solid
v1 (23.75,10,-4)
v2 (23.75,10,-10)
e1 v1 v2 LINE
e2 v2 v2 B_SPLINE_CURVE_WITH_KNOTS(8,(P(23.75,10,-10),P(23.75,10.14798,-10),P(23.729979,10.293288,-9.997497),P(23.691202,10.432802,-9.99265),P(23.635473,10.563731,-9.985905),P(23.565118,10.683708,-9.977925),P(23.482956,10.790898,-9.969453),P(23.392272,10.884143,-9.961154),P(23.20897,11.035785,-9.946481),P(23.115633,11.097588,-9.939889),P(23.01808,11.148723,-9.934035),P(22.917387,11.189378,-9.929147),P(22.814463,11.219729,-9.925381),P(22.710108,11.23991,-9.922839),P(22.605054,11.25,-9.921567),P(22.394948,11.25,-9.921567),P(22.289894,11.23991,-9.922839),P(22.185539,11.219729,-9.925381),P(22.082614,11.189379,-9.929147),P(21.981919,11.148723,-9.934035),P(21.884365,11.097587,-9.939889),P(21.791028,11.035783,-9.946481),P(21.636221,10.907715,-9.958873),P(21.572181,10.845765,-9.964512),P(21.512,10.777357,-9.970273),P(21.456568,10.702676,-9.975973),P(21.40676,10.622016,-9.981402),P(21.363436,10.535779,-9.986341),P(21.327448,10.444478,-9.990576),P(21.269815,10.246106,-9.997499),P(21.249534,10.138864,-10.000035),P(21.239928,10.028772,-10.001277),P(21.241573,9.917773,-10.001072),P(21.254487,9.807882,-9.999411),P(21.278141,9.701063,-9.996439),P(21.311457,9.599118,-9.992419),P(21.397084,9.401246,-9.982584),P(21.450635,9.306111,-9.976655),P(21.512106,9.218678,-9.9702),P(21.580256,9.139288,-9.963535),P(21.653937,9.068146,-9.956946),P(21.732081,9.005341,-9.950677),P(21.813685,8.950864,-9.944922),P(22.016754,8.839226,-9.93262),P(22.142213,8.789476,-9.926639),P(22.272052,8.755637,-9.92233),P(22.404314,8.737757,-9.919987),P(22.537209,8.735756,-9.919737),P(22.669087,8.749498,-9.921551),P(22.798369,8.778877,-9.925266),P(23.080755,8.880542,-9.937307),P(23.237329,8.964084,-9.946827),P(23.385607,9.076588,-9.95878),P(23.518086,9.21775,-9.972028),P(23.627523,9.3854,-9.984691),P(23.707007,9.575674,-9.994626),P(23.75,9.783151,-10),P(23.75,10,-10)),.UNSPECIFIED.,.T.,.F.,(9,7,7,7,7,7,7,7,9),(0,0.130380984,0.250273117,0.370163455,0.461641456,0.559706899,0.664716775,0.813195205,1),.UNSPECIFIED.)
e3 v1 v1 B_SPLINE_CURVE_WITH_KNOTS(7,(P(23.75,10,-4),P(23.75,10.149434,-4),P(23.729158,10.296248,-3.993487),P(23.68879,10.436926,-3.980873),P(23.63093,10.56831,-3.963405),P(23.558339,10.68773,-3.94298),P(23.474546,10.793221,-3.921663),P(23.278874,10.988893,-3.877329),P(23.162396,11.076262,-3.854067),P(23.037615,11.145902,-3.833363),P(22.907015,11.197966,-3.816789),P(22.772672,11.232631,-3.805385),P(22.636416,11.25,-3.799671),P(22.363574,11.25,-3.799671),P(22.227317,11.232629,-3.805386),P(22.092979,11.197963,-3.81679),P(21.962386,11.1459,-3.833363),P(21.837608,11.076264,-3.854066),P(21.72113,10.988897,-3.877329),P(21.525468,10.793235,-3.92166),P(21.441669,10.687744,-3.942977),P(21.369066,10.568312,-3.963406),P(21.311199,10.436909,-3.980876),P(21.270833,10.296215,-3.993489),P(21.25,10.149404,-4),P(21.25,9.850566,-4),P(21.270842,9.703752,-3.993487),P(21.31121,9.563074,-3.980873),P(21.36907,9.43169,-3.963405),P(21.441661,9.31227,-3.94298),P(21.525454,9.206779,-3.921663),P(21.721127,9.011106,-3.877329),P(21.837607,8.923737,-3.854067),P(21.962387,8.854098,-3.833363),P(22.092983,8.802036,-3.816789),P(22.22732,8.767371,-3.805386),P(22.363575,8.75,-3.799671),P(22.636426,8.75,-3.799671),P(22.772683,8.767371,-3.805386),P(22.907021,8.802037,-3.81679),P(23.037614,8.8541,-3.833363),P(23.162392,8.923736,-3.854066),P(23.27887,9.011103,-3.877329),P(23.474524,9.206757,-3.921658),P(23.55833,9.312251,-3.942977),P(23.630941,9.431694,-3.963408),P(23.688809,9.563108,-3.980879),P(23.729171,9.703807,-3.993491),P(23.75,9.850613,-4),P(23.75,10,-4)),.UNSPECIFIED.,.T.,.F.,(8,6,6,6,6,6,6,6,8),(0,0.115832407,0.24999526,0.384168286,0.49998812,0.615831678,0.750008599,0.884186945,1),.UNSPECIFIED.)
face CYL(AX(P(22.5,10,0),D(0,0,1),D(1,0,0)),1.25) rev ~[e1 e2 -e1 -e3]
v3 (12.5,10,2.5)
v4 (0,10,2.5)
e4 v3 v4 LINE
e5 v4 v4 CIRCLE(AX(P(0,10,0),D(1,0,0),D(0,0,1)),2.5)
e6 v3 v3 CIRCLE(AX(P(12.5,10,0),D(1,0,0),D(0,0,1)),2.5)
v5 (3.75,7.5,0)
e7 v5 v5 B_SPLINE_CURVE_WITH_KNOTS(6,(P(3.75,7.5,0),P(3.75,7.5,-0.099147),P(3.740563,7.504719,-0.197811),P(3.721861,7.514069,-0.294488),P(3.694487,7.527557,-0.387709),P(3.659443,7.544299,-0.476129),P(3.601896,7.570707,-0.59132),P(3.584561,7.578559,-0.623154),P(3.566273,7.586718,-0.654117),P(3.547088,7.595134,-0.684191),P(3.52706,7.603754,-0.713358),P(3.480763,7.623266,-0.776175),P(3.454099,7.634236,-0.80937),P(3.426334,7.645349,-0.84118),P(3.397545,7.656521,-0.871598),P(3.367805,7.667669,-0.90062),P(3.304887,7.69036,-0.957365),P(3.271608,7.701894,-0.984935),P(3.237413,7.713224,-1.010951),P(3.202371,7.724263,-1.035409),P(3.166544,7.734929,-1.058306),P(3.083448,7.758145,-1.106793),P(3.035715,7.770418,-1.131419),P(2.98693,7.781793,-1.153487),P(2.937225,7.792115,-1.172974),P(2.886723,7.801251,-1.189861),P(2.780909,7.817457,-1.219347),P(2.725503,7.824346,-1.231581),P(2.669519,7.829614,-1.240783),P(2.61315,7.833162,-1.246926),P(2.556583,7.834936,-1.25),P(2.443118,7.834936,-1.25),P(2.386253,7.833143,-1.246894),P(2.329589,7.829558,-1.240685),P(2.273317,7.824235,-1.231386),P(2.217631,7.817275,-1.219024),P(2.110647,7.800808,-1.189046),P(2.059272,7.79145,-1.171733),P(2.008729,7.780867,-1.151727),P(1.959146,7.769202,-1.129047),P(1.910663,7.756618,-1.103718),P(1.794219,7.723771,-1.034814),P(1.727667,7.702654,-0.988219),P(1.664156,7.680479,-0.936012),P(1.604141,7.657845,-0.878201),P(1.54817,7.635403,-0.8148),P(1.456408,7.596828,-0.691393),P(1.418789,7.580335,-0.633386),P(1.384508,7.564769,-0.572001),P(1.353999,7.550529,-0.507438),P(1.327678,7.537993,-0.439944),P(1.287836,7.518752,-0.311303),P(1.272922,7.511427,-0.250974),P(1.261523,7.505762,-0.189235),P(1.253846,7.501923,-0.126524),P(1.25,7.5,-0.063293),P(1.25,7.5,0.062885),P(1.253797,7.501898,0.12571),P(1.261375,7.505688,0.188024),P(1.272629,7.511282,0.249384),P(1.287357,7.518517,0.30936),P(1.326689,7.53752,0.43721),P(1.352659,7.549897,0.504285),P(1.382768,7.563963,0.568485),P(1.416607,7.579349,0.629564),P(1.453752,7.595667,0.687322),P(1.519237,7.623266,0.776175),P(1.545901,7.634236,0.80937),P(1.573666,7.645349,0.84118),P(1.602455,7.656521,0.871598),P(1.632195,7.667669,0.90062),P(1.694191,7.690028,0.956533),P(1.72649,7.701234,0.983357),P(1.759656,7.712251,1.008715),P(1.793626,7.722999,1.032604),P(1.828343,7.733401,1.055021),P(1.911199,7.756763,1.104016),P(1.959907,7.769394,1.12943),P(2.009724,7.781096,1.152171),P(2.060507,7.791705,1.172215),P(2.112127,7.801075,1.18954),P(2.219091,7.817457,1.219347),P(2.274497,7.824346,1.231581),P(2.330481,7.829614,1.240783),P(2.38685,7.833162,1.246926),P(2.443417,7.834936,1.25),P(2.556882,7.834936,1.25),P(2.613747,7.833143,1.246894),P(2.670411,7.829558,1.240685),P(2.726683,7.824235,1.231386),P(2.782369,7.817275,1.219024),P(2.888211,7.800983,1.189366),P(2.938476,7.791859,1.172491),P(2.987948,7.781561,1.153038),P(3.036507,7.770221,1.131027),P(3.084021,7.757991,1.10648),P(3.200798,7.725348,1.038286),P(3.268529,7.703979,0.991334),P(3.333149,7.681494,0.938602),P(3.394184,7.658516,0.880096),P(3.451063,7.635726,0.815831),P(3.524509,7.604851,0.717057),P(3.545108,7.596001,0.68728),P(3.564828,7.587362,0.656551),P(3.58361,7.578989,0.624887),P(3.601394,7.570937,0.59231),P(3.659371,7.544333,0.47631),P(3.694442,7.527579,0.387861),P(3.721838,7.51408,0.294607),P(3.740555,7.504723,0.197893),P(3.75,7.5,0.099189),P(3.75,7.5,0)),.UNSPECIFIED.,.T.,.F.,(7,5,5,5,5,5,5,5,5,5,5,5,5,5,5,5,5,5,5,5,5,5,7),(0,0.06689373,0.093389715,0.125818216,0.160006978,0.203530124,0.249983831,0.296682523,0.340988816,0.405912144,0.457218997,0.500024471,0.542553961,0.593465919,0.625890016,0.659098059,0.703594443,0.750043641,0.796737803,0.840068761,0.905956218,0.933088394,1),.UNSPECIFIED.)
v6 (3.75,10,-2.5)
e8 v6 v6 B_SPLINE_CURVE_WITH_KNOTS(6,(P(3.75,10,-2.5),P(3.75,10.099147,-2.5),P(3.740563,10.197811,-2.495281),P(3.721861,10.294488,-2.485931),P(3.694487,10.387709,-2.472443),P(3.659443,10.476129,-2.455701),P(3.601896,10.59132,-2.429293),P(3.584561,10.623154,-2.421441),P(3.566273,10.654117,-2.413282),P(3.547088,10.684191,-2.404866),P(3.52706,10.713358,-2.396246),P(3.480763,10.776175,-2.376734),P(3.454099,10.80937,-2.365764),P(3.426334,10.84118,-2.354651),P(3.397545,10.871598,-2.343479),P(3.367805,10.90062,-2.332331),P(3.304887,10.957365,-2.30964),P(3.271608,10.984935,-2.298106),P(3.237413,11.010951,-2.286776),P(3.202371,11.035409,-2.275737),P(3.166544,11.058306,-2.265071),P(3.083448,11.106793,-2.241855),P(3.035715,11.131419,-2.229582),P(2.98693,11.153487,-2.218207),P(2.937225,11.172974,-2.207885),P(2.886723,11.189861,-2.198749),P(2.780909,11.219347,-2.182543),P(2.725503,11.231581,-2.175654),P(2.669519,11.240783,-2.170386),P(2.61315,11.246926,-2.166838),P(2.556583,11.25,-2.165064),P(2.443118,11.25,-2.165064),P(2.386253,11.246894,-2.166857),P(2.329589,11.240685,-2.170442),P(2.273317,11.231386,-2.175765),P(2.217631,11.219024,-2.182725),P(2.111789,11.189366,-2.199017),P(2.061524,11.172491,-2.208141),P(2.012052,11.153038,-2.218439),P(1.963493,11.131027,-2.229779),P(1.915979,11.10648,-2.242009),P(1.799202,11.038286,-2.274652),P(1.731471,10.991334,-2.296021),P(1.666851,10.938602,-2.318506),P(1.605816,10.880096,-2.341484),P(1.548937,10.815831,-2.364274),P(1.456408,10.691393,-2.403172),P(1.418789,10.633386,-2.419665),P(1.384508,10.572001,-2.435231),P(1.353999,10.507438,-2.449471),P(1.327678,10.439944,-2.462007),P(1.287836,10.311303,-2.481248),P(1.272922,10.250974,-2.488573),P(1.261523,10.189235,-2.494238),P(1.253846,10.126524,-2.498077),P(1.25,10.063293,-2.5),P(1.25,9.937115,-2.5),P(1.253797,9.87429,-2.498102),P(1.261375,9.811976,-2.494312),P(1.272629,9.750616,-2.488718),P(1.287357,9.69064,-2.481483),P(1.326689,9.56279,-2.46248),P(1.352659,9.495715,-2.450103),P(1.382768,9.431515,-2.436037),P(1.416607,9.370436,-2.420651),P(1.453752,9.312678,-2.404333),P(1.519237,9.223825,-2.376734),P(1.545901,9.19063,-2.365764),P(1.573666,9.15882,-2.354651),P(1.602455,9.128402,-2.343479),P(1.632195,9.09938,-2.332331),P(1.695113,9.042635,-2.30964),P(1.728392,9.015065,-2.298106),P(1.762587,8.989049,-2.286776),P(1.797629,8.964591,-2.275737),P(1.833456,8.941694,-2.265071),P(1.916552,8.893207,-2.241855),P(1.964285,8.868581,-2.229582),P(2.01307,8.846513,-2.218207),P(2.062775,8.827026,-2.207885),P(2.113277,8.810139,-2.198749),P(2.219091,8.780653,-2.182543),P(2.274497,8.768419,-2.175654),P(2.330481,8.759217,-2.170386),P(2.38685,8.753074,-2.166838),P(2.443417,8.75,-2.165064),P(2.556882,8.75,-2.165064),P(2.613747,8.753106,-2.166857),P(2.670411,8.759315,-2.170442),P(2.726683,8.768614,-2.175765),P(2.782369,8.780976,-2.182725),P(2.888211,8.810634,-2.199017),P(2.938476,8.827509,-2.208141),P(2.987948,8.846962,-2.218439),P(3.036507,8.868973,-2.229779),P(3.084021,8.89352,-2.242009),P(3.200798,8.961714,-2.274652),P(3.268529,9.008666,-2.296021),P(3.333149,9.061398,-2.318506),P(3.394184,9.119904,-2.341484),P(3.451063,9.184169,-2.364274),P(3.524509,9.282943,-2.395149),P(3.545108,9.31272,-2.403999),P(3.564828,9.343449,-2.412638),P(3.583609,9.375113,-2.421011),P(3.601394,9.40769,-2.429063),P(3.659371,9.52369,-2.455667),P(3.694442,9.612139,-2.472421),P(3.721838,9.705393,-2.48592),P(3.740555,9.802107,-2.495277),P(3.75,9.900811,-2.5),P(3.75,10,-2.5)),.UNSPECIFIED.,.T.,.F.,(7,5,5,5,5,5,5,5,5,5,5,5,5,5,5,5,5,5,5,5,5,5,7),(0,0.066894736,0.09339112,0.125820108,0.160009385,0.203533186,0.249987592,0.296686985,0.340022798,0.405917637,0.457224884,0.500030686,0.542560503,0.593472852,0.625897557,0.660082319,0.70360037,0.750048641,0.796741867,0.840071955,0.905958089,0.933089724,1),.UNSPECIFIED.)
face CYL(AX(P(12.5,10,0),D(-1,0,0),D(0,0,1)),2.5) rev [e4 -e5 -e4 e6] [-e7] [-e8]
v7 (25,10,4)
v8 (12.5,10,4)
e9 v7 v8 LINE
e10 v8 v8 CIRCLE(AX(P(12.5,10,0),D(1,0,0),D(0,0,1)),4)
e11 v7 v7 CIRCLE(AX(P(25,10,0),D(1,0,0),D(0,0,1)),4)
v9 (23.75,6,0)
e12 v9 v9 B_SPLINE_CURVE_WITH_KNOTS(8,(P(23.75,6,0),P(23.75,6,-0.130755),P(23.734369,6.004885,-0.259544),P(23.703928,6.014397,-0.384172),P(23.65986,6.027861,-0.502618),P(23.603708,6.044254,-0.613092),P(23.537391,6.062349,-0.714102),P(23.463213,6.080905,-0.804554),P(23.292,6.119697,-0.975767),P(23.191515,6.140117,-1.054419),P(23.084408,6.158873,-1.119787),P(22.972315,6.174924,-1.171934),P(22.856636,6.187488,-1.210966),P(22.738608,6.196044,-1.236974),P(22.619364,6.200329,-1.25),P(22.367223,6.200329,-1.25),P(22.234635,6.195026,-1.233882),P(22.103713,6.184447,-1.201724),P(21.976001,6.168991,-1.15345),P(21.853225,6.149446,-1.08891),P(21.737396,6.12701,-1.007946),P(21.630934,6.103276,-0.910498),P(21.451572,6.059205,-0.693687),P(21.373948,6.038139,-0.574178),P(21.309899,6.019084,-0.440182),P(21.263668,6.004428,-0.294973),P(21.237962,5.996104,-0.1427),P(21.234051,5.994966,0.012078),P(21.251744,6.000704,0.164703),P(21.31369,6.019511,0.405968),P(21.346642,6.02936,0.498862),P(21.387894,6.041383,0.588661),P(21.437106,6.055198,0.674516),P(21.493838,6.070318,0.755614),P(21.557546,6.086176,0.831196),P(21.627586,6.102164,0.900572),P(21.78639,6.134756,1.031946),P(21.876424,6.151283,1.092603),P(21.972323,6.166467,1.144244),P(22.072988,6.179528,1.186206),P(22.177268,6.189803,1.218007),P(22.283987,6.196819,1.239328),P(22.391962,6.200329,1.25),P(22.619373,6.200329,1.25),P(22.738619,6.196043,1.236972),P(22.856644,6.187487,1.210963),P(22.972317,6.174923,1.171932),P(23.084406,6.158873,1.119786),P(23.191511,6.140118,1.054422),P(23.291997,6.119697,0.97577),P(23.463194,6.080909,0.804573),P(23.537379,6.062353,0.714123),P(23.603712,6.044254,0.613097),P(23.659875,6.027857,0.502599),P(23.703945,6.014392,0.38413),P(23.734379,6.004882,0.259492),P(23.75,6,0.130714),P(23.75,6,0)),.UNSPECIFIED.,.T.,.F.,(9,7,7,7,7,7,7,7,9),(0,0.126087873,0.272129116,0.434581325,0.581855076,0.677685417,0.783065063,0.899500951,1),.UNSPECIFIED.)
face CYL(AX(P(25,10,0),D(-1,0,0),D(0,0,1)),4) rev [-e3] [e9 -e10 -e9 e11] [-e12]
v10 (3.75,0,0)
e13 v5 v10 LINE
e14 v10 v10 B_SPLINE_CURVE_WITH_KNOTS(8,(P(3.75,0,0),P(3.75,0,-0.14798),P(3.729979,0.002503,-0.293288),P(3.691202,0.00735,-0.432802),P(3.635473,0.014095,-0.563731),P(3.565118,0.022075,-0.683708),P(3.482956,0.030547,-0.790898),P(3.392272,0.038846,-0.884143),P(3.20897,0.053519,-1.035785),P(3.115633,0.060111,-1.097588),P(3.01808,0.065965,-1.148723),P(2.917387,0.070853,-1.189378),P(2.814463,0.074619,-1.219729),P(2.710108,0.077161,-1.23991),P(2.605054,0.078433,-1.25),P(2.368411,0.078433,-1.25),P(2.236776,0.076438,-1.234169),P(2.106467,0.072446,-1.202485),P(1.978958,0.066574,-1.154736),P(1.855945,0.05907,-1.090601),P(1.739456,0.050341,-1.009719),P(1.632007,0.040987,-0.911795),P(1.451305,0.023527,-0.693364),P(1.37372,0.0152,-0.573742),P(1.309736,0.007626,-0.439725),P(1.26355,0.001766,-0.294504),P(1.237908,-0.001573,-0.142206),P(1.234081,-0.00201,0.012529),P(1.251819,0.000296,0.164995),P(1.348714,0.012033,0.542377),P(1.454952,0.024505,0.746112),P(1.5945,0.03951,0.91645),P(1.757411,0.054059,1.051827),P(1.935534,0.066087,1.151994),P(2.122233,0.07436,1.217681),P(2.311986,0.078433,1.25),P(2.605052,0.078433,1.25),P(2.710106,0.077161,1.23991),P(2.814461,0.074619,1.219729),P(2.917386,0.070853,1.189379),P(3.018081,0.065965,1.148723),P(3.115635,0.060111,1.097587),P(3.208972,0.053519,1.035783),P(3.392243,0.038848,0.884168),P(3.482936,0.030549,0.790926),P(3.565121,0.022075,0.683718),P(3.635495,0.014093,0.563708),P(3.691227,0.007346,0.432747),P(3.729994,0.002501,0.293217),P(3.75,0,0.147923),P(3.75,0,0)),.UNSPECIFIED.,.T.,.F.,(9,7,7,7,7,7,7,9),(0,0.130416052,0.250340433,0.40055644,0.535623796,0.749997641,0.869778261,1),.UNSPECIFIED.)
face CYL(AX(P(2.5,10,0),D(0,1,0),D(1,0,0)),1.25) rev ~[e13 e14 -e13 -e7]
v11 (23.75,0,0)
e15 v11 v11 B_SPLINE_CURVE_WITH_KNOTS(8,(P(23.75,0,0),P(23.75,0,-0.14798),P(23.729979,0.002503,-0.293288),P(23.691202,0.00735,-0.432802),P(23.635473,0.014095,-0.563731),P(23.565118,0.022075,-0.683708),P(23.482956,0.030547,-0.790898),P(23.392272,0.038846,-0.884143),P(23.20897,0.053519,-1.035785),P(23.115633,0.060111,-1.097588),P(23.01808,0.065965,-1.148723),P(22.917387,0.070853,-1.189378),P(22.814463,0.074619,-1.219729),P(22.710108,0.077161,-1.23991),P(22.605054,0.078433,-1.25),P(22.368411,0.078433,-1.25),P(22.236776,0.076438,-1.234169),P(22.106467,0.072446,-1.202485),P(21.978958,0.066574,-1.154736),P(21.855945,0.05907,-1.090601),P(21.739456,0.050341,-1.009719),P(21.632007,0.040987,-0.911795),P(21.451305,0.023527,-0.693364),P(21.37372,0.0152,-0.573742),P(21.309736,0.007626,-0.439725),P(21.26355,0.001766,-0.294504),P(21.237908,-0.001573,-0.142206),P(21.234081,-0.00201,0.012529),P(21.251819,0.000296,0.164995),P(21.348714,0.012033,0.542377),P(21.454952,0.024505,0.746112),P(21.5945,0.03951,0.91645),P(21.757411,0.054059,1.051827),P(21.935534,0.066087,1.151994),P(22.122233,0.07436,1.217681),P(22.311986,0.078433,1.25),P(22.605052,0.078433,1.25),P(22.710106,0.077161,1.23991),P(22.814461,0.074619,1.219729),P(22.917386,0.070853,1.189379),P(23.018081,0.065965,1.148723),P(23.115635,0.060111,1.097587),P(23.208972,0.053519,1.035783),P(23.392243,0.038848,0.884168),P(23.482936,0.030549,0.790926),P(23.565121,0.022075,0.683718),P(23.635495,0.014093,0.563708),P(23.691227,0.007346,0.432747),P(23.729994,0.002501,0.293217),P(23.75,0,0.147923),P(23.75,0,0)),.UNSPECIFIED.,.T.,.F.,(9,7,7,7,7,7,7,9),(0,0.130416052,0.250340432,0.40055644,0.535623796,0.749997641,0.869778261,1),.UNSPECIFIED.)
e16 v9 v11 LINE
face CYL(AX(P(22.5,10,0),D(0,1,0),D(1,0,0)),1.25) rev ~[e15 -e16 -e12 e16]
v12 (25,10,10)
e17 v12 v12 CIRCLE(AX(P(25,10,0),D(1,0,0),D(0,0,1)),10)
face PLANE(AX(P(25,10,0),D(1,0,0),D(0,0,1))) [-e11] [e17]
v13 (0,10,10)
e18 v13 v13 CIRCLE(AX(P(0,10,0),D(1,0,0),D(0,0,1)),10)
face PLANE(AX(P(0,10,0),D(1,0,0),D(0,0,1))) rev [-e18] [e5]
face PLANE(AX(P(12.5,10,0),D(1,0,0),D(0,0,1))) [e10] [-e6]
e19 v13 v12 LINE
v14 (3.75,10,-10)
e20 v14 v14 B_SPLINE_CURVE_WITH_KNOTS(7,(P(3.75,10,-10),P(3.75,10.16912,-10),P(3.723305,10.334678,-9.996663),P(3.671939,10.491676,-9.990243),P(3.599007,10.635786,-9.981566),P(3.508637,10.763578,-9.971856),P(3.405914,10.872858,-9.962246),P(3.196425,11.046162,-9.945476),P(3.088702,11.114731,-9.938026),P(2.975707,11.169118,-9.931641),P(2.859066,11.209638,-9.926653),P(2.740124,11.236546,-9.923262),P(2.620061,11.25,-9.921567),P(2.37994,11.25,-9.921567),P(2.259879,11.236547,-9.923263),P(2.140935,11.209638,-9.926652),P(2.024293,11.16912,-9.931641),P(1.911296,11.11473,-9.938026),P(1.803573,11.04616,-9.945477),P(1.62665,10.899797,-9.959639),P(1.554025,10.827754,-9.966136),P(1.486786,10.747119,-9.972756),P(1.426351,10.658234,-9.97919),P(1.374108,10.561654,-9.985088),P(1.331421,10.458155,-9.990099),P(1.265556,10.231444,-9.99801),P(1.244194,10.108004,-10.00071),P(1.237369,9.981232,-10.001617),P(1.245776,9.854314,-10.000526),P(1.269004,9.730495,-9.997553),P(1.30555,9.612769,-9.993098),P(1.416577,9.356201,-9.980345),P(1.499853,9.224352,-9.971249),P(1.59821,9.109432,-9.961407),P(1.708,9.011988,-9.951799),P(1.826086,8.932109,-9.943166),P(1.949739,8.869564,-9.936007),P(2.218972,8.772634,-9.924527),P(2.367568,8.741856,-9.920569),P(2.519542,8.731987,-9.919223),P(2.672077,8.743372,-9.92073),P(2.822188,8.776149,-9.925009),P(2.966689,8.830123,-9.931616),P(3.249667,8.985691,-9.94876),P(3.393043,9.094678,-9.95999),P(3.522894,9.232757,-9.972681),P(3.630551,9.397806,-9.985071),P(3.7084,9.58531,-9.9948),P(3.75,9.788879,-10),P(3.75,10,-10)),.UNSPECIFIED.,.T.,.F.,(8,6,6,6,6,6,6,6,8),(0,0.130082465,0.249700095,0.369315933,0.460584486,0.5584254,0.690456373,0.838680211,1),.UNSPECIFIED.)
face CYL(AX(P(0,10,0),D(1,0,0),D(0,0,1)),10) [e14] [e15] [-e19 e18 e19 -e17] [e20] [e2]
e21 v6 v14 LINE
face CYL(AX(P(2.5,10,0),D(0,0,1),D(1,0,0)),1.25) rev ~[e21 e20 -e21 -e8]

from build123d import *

# Parameters (mm, degrees)
SKETCH2_R          = 1.25
CUT_EXTRUDE1_DEPTH = 10
CIRPATTERN1_COUNT  = 2
CIRPATTERN1_ANGLE  = 270


with BuildPart() as part:
    # Sketch1 → Revolve1 (revolve)
    with BuildSketch(Plane.XY, mode=Mode.PRIVATE) as revolve1_sk:
        Polygon((0, 0), (25, 0), (25, 6), (12.5, 6), (12.5, 7.5), (0, 7.5), align=None)
    revolve(revolve1_sk.sketch.rotate(Axis((0, 10, 0), (1, 0, 0)), 270), axis=Axis((0, 10, 0), (1, 0, 0)))

    # Sketch2 → Cut-Extrude1 (cut)
    with BuildSketch(Plane.XY):
        with Locations((22.5, 10)):
            Circle(SKETCH2_R)
        with Locations((2.5, 10)):
            Circle(SKETCH2_R)
    cut_extrude1 = extrude(amount=-CUT_EXTRUDE1_DEPTH, mode=Mode.SUBTRACT)

    # CirPattern1: Cut-Extrude1 ×2 about axis
    cirpattern1_axis = Axis((0, 10, 0), (1, 0, 0))
    for i in range(1, CIRPATTERN1_COUNT):
        add(cut_extrude1.rotate(cirpattern1_axis, i * CIRPATTERN1_ANGLE / (CIRPATTERN1_COUNT - 1)), mode=Mode.SUBTRACT)


solid = part.part
